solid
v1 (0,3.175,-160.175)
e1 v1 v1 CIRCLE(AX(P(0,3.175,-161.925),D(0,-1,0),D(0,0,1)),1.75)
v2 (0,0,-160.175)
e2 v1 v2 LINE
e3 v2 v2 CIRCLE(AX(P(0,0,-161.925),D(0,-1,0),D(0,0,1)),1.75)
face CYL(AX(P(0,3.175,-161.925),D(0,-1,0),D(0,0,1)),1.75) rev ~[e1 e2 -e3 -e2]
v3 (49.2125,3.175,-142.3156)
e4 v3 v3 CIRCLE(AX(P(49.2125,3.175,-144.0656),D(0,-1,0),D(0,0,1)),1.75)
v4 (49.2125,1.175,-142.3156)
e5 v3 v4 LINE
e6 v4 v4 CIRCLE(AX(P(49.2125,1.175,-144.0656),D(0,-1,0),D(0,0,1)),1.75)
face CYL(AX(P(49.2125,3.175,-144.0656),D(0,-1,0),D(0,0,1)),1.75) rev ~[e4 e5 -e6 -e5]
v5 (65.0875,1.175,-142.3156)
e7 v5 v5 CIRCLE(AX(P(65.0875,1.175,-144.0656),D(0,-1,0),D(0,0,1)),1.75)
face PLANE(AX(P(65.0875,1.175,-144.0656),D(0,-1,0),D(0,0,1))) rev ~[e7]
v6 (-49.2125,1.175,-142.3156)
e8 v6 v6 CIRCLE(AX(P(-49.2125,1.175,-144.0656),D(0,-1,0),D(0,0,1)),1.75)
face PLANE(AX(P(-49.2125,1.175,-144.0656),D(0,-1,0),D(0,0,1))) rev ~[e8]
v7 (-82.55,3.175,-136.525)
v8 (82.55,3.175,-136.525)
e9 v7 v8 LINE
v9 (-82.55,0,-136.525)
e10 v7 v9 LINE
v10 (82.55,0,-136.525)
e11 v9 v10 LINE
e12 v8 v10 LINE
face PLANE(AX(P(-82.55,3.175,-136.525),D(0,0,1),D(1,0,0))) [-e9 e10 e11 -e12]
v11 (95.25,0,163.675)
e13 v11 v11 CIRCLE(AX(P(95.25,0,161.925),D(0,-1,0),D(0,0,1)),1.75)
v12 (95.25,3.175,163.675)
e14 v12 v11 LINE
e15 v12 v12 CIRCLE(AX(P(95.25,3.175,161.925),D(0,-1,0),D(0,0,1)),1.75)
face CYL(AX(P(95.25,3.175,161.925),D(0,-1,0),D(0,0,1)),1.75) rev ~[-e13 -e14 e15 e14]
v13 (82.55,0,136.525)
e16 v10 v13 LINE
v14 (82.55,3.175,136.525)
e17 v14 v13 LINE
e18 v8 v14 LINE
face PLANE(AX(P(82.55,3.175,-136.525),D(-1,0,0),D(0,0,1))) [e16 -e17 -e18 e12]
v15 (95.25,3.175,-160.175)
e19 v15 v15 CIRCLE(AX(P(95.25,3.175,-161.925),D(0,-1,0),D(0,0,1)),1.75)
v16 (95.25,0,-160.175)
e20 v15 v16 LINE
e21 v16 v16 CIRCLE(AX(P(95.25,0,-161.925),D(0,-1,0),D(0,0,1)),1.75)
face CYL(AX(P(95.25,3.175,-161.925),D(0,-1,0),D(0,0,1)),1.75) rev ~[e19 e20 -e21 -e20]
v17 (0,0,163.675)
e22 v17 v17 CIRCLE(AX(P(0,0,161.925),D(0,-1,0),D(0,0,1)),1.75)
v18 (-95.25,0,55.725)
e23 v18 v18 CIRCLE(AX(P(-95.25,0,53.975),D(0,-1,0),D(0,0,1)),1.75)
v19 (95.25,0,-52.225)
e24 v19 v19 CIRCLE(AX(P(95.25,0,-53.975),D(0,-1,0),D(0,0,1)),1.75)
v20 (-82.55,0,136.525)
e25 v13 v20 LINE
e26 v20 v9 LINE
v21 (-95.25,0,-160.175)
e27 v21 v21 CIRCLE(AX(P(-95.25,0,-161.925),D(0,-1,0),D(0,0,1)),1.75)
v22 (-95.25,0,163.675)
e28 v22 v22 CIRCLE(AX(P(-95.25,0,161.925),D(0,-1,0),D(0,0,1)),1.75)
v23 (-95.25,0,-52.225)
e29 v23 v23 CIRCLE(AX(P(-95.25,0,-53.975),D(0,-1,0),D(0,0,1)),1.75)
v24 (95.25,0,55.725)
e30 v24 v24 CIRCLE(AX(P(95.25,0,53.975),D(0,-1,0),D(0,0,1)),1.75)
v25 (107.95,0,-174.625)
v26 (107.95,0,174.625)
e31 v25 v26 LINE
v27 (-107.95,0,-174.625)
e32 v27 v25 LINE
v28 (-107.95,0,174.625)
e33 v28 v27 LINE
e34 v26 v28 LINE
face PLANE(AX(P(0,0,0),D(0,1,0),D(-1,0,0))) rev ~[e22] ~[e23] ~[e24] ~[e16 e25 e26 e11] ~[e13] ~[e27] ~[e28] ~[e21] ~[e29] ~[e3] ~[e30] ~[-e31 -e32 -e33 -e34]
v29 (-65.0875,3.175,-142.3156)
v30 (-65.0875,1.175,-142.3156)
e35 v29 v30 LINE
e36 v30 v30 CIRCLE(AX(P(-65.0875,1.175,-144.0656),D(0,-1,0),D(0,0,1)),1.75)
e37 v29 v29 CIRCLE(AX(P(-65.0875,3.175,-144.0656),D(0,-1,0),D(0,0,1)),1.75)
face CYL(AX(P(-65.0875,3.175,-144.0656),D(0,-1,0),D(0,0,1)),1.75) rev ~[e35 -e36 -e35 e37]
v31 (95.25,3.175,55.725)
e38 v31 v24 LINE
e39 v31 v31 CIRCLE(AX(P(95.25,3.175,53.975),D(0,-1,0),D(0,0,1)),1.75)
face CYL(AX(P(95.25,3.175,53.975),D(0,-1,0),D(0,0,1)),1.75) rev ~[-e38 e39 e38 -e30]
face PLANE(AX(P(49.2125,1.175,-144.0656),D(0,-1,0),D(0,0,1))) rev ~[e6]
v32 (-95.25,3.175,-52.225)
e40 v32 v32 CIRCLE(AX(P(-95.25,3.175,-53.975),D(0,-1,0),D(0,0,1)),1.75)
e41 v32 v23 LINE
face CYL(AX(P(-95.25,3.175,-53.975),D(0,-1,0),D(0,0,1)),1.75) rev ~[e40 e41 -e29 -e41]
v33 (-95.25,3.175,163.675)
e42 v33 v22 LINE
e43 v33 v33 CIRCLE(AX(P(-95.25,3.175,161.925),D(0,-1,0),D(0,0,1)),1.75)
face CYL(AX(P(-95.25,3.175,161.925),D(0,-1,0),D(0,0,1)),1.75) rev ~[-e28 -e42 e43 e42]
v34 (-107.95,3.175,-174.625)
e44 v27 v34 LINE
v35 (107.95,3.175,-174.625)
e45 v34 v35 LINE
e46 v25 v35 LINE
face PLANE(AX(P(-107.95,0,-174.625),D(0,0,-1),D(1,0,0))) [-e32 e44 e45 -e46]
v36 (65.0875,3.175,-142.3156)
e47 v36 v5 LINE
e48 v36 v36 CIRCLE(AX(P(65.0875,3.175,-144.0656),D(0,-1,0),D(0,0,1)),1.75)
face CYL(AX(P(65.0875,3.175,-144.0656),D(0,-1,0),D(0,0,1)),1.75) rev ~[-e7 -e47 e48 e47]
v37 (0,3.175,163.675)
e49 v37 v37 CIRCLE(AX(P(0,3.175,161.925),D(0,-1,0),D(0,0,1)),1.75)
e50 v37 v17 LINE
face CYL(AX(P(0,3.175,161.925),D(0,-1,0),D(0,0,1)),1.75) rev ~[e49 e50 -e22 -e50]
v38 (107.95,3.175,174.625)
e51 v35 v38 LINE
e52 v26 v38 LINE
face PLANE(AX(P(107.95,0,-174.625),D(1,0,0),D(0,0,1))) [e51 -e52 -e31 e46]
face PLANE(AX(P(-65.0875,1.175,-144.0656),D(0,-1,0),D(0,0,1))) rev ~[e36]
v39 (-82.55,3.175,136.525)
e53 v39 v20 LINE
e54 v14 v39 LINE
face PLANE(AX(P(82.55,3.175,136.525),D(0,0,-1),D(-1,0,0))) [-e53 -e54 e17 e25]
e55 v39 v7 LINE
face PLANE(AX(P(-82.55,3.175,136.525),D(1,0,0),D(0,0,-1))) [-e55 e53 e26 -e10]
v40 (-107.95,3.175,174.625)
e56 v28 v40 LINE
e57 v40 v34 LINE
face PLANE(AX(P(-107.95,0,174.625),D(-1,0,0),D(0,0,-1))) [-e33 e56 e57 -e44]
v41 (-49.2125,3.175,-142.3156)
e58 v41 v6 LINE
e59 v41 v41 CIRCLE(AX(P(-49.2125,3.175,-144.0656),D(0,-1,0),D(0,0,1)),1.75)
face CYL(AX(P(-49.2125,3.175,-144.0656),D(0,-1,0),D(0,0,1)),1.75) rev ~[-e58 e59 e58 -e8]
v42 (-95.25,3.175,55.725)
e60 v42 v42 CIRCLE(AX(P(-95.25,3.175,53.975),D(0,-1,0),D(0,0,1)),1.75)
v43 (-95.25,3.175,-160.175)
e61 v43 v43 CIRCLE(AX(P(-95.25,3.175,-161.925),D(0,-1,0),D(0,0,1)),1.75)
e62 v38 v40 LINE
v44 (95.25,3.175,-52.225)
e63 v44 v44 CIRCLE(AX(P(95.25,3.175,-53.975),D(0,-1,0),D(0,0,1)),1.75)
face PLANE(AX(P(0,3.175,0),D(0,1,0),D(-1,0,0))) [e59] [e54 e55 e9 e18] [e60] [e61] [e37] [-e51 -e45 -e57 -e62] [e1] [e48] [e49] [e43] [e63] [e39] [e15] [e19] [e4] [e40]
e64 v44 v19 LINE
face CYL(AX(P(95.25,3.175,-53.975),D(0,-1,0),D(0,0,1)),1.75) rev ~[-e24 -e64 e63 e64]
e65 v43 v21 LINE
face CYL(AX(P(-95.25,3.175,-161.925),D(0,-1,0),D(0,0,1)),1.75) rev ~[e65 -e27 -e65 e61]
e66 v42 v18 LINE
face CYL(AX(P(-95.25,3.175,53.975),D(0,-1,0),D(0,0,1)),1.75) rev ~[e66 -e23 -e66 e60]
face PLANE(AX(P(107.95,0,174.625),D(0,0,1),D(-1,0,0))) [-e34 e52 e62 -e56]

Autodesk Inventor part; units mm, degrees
ref_plane "YZ Plane" through (0, 0, 0) normal (1, 0, 0) x (0, 1, 0)
ref_plane "XZ Plane" through (0, 0, 0) normal (0, 1, 0) x (-1, 0, 0)
ref_plane "XY Plane" through (0, 0, 0) normal (0, 0, 1) x (1, 0, 0)
sketch "Sketch1" plane through (0, 0, 0) normal (0, 1, 0) x (-1, 0, 0)
  line L0 (107.95, -174.625) -> (-107.95, -174.625)
  line L1 (-107.95, -174.625) -> (-107.95, 174.625)
  line L2 (-107.95, 174.625) -> (107.95, 174.625)
  line L3 (107.95, 174.625) -> (107.95, -174.625)
  line L4 (107.95, -174.625) -> (-107.95, 174.625) construction
  line L5 (-107.95, -174.625) -> (107.95, 174.625) construction
  point P0 (0, 0)
  dimension "d0" = 215.9
  dimension "d1" = 349.25
extrude "Thickness" add sketch "Sketch1" along normal blind 3.175
sketch "Cutout Sketch" plane through (0, 3.175, 0) normal (0, 1, 0) x (1, 0, 0)
  line L0 (107.95, -174.625) -> (107.95, 174.625) projected
  line L1 (107.95, 174.625) -> (-107.95, 174.625) projected
  line L2 (-107.95, 174.625) -> (-107.95, -174.625) projected
  line L3 (-107.95, -174.625) -> (107.95, -174.625) projected
  line L4 (-82.55, 136.525) -> (82.55, 136.525)
  line L5 (82.55, 136.525) -> (82.55, -136.525)
  line L6 (82.55, -136.525) -> (-82.55, -136.525)
  line L7 (-82.55, -136.525) -> (-82.55, 136.525)
  point P0 (0, 0)
  dimension "d4" = 25.4
  dimension "d5" = 38.1
  dimension "d8" = 38.1
  dimension "d9" = 25.4
extrude "Cutout" cut sketch "Cutout Sketch" against normal blind 25.4 contours L4 L5 L6 L7
sketch "Sketch3" plane through (0, 3.175, 0) normal (0, 1, 0) x (1, 0, 0)
  line L0 (44.45, 149.225) -> (44.45, 137.9537) projected
  line L1 (44.45, 137.9537) -> (49.1744, 137.9537) projected
  line L2 (49.1744, 137.9537) -> (49.1744, 136.525) projected
  line L3 (49.1744, 136.525) -> (54.737, 136.525) projected
  line L4 (54.737, 136.525) -> (54.737, 137.9537) projected
  line L5 (54.737, 137.9537) -> (59.563, 137.9537) projected
  line L6 (59.563, 137.9537) -> (59.563, 136.525) projected
  line L7 (59.563, 136.525) -> (65.1256, 136.525) projected
  line L8 (65.1256, 136.525) -> (65.1256, 137.9537) projected
  line L9 (65.1256, 137.9537) -> (69.85, 137.9537) projected
  line L10 (69.85, 149.225) -> (69.85, 137.9537) projected
  line L11 (44.45, 149.225) -> (69.85, 149.225) projected
  circle A0 centre (65.0875, 144.0656) radius 2.0955 projected
  circle A1 centre (49.2125, 144.0656) radius 2.0955 projected
  line L12 (-69.85, 149.225) -> (-69.85, 137.9537) projected
  line L13 (-69.85, 137.9537) -> (-65.1256, 137.9537) projected
  line L14 (-65.1256, 137.9537) -> (-65.1256, 136.525) projected
  line L15 (-65.1256, 136.525) -> (-59.563, 136.525) projected
  line L16 (-59.563, 136.525) -> (-59.563, 137.9537) projected
  line L17 (-59.563, 137.9537) -> (-54.737, 137.9537) projected
  line L18 (-54.737, 137.9537) -> (-54.737, 136.525) projected
  line L19 (-54.737, 136.525) -> (-49.1744, 136.525) projected
  line L20 (-49.1744, 136.525) -> (-49.1744, 137.9537) projected
  line L21 (-49.1744, 137.9537) -> (-44.45, 137.9537) projected
  line L22 (-44.45, 149.225) -> (-44.45, 137.9537) projected
  line L23 (-69.85, 149.225) -> (-44.45, 149.225) projected
  circle A2 centre (-49.2125, 144.0656) radius 2.0955 projected
  circle A3 centre (-65.0875, 144.0656) radius 2.0955 projected
  point P0 (0, 0)
hole "Hole1" at (65.0875, 3.175, -144.0656) at (49.2125, 3.175, -144.0656) at (-65.0875, 3.175, -144.0656) at (-49.2125, 3.175, -144.0656) direction (0, -1, 0) diameter 3.5 depth 2
sketch "Sketch4" plane through (0, 3.175, 0) normal (0, 1, 0) x (1, 0, 0)
  circle A0 centre (-65.0875, 144.0656) radius 1.75 projected
  circle A1 centre (65.0875, 144.0656) radius 1.75 projected
  circle A2 centre (49.2125, 144.0656) radius 1.75 projected
  circle A3 centre (-49.2125, 144.0656) radius 1.75 projected
  line L0 (-82.55, 136.525) -> (82.55, 136.525) projected
  line L1 (82.55, 136.525) -> (82.55, -136.525) projected
  line L2 (82.55, -136.525) -> (-82.55, -136.525) projected
  line L3 (-82.55, -136.525) -> (-82.55, 136.525) projected
  line L4 (107.95, 174.625) -> (-107.95, 174.625) projected
  line L5 (-107.95, 174.625) -> (-107.95, -174.625) projected
  line L6 (-107.95, -174.625) -> (107.95, -174.625) projected
  line L7 (107.95, -174.625) -> (107.95, 174.625) projected
  point P0 (0, 0)
  point P1 (-95.25, -161.925)
  point P2 (-95.25, 161.925)
  point P3 (95.25, -161.925)
  point P4 (95.25, 161.925)
  point P5 (95.25, -53.975)
  point P6 (95.25, 53.975)
  point P7 (0, -161.925)
  point P8 (0, 161.925)
  point P9 (-95.25, -53.975)
  point P10 (-95.25, 53.975)
  point P11 (0, -136.525)
  point P12 (0, 136.525)
  dimension "d17" = 12.7
  dimension "d18" = 12.7
  dimension "d19" = 12.7
  dimension "d20" = 323.85
  dimension "d21" = 107.95
  dimension "d22" = 107.95
  dimension "d23" = 12.7
hole "Hole2" at (-95.25, 3.175, 161.925) at (-95.25, 3.175, -161.925) at (95.25, 3.175, 161.925) at (95.25, 3.175, -161.925) at (95.25, 3.175, 53.975) at (95.25, 3.175, -53.975) at (0, 3.175, 161.925) at (0, 3.175, -161.925) at (-95.25, 3.175, 53.975) at (-95.25, 3.175, -53.975) direction (0, -1, 0) diameter 3.5 end through all
equation "\"d21\" = 0.333333 * d20"
equation "\"d22\" = d21"
properties part number "NASA-20-EBOX-T2-01" material "Polycarbonate, Clear"
